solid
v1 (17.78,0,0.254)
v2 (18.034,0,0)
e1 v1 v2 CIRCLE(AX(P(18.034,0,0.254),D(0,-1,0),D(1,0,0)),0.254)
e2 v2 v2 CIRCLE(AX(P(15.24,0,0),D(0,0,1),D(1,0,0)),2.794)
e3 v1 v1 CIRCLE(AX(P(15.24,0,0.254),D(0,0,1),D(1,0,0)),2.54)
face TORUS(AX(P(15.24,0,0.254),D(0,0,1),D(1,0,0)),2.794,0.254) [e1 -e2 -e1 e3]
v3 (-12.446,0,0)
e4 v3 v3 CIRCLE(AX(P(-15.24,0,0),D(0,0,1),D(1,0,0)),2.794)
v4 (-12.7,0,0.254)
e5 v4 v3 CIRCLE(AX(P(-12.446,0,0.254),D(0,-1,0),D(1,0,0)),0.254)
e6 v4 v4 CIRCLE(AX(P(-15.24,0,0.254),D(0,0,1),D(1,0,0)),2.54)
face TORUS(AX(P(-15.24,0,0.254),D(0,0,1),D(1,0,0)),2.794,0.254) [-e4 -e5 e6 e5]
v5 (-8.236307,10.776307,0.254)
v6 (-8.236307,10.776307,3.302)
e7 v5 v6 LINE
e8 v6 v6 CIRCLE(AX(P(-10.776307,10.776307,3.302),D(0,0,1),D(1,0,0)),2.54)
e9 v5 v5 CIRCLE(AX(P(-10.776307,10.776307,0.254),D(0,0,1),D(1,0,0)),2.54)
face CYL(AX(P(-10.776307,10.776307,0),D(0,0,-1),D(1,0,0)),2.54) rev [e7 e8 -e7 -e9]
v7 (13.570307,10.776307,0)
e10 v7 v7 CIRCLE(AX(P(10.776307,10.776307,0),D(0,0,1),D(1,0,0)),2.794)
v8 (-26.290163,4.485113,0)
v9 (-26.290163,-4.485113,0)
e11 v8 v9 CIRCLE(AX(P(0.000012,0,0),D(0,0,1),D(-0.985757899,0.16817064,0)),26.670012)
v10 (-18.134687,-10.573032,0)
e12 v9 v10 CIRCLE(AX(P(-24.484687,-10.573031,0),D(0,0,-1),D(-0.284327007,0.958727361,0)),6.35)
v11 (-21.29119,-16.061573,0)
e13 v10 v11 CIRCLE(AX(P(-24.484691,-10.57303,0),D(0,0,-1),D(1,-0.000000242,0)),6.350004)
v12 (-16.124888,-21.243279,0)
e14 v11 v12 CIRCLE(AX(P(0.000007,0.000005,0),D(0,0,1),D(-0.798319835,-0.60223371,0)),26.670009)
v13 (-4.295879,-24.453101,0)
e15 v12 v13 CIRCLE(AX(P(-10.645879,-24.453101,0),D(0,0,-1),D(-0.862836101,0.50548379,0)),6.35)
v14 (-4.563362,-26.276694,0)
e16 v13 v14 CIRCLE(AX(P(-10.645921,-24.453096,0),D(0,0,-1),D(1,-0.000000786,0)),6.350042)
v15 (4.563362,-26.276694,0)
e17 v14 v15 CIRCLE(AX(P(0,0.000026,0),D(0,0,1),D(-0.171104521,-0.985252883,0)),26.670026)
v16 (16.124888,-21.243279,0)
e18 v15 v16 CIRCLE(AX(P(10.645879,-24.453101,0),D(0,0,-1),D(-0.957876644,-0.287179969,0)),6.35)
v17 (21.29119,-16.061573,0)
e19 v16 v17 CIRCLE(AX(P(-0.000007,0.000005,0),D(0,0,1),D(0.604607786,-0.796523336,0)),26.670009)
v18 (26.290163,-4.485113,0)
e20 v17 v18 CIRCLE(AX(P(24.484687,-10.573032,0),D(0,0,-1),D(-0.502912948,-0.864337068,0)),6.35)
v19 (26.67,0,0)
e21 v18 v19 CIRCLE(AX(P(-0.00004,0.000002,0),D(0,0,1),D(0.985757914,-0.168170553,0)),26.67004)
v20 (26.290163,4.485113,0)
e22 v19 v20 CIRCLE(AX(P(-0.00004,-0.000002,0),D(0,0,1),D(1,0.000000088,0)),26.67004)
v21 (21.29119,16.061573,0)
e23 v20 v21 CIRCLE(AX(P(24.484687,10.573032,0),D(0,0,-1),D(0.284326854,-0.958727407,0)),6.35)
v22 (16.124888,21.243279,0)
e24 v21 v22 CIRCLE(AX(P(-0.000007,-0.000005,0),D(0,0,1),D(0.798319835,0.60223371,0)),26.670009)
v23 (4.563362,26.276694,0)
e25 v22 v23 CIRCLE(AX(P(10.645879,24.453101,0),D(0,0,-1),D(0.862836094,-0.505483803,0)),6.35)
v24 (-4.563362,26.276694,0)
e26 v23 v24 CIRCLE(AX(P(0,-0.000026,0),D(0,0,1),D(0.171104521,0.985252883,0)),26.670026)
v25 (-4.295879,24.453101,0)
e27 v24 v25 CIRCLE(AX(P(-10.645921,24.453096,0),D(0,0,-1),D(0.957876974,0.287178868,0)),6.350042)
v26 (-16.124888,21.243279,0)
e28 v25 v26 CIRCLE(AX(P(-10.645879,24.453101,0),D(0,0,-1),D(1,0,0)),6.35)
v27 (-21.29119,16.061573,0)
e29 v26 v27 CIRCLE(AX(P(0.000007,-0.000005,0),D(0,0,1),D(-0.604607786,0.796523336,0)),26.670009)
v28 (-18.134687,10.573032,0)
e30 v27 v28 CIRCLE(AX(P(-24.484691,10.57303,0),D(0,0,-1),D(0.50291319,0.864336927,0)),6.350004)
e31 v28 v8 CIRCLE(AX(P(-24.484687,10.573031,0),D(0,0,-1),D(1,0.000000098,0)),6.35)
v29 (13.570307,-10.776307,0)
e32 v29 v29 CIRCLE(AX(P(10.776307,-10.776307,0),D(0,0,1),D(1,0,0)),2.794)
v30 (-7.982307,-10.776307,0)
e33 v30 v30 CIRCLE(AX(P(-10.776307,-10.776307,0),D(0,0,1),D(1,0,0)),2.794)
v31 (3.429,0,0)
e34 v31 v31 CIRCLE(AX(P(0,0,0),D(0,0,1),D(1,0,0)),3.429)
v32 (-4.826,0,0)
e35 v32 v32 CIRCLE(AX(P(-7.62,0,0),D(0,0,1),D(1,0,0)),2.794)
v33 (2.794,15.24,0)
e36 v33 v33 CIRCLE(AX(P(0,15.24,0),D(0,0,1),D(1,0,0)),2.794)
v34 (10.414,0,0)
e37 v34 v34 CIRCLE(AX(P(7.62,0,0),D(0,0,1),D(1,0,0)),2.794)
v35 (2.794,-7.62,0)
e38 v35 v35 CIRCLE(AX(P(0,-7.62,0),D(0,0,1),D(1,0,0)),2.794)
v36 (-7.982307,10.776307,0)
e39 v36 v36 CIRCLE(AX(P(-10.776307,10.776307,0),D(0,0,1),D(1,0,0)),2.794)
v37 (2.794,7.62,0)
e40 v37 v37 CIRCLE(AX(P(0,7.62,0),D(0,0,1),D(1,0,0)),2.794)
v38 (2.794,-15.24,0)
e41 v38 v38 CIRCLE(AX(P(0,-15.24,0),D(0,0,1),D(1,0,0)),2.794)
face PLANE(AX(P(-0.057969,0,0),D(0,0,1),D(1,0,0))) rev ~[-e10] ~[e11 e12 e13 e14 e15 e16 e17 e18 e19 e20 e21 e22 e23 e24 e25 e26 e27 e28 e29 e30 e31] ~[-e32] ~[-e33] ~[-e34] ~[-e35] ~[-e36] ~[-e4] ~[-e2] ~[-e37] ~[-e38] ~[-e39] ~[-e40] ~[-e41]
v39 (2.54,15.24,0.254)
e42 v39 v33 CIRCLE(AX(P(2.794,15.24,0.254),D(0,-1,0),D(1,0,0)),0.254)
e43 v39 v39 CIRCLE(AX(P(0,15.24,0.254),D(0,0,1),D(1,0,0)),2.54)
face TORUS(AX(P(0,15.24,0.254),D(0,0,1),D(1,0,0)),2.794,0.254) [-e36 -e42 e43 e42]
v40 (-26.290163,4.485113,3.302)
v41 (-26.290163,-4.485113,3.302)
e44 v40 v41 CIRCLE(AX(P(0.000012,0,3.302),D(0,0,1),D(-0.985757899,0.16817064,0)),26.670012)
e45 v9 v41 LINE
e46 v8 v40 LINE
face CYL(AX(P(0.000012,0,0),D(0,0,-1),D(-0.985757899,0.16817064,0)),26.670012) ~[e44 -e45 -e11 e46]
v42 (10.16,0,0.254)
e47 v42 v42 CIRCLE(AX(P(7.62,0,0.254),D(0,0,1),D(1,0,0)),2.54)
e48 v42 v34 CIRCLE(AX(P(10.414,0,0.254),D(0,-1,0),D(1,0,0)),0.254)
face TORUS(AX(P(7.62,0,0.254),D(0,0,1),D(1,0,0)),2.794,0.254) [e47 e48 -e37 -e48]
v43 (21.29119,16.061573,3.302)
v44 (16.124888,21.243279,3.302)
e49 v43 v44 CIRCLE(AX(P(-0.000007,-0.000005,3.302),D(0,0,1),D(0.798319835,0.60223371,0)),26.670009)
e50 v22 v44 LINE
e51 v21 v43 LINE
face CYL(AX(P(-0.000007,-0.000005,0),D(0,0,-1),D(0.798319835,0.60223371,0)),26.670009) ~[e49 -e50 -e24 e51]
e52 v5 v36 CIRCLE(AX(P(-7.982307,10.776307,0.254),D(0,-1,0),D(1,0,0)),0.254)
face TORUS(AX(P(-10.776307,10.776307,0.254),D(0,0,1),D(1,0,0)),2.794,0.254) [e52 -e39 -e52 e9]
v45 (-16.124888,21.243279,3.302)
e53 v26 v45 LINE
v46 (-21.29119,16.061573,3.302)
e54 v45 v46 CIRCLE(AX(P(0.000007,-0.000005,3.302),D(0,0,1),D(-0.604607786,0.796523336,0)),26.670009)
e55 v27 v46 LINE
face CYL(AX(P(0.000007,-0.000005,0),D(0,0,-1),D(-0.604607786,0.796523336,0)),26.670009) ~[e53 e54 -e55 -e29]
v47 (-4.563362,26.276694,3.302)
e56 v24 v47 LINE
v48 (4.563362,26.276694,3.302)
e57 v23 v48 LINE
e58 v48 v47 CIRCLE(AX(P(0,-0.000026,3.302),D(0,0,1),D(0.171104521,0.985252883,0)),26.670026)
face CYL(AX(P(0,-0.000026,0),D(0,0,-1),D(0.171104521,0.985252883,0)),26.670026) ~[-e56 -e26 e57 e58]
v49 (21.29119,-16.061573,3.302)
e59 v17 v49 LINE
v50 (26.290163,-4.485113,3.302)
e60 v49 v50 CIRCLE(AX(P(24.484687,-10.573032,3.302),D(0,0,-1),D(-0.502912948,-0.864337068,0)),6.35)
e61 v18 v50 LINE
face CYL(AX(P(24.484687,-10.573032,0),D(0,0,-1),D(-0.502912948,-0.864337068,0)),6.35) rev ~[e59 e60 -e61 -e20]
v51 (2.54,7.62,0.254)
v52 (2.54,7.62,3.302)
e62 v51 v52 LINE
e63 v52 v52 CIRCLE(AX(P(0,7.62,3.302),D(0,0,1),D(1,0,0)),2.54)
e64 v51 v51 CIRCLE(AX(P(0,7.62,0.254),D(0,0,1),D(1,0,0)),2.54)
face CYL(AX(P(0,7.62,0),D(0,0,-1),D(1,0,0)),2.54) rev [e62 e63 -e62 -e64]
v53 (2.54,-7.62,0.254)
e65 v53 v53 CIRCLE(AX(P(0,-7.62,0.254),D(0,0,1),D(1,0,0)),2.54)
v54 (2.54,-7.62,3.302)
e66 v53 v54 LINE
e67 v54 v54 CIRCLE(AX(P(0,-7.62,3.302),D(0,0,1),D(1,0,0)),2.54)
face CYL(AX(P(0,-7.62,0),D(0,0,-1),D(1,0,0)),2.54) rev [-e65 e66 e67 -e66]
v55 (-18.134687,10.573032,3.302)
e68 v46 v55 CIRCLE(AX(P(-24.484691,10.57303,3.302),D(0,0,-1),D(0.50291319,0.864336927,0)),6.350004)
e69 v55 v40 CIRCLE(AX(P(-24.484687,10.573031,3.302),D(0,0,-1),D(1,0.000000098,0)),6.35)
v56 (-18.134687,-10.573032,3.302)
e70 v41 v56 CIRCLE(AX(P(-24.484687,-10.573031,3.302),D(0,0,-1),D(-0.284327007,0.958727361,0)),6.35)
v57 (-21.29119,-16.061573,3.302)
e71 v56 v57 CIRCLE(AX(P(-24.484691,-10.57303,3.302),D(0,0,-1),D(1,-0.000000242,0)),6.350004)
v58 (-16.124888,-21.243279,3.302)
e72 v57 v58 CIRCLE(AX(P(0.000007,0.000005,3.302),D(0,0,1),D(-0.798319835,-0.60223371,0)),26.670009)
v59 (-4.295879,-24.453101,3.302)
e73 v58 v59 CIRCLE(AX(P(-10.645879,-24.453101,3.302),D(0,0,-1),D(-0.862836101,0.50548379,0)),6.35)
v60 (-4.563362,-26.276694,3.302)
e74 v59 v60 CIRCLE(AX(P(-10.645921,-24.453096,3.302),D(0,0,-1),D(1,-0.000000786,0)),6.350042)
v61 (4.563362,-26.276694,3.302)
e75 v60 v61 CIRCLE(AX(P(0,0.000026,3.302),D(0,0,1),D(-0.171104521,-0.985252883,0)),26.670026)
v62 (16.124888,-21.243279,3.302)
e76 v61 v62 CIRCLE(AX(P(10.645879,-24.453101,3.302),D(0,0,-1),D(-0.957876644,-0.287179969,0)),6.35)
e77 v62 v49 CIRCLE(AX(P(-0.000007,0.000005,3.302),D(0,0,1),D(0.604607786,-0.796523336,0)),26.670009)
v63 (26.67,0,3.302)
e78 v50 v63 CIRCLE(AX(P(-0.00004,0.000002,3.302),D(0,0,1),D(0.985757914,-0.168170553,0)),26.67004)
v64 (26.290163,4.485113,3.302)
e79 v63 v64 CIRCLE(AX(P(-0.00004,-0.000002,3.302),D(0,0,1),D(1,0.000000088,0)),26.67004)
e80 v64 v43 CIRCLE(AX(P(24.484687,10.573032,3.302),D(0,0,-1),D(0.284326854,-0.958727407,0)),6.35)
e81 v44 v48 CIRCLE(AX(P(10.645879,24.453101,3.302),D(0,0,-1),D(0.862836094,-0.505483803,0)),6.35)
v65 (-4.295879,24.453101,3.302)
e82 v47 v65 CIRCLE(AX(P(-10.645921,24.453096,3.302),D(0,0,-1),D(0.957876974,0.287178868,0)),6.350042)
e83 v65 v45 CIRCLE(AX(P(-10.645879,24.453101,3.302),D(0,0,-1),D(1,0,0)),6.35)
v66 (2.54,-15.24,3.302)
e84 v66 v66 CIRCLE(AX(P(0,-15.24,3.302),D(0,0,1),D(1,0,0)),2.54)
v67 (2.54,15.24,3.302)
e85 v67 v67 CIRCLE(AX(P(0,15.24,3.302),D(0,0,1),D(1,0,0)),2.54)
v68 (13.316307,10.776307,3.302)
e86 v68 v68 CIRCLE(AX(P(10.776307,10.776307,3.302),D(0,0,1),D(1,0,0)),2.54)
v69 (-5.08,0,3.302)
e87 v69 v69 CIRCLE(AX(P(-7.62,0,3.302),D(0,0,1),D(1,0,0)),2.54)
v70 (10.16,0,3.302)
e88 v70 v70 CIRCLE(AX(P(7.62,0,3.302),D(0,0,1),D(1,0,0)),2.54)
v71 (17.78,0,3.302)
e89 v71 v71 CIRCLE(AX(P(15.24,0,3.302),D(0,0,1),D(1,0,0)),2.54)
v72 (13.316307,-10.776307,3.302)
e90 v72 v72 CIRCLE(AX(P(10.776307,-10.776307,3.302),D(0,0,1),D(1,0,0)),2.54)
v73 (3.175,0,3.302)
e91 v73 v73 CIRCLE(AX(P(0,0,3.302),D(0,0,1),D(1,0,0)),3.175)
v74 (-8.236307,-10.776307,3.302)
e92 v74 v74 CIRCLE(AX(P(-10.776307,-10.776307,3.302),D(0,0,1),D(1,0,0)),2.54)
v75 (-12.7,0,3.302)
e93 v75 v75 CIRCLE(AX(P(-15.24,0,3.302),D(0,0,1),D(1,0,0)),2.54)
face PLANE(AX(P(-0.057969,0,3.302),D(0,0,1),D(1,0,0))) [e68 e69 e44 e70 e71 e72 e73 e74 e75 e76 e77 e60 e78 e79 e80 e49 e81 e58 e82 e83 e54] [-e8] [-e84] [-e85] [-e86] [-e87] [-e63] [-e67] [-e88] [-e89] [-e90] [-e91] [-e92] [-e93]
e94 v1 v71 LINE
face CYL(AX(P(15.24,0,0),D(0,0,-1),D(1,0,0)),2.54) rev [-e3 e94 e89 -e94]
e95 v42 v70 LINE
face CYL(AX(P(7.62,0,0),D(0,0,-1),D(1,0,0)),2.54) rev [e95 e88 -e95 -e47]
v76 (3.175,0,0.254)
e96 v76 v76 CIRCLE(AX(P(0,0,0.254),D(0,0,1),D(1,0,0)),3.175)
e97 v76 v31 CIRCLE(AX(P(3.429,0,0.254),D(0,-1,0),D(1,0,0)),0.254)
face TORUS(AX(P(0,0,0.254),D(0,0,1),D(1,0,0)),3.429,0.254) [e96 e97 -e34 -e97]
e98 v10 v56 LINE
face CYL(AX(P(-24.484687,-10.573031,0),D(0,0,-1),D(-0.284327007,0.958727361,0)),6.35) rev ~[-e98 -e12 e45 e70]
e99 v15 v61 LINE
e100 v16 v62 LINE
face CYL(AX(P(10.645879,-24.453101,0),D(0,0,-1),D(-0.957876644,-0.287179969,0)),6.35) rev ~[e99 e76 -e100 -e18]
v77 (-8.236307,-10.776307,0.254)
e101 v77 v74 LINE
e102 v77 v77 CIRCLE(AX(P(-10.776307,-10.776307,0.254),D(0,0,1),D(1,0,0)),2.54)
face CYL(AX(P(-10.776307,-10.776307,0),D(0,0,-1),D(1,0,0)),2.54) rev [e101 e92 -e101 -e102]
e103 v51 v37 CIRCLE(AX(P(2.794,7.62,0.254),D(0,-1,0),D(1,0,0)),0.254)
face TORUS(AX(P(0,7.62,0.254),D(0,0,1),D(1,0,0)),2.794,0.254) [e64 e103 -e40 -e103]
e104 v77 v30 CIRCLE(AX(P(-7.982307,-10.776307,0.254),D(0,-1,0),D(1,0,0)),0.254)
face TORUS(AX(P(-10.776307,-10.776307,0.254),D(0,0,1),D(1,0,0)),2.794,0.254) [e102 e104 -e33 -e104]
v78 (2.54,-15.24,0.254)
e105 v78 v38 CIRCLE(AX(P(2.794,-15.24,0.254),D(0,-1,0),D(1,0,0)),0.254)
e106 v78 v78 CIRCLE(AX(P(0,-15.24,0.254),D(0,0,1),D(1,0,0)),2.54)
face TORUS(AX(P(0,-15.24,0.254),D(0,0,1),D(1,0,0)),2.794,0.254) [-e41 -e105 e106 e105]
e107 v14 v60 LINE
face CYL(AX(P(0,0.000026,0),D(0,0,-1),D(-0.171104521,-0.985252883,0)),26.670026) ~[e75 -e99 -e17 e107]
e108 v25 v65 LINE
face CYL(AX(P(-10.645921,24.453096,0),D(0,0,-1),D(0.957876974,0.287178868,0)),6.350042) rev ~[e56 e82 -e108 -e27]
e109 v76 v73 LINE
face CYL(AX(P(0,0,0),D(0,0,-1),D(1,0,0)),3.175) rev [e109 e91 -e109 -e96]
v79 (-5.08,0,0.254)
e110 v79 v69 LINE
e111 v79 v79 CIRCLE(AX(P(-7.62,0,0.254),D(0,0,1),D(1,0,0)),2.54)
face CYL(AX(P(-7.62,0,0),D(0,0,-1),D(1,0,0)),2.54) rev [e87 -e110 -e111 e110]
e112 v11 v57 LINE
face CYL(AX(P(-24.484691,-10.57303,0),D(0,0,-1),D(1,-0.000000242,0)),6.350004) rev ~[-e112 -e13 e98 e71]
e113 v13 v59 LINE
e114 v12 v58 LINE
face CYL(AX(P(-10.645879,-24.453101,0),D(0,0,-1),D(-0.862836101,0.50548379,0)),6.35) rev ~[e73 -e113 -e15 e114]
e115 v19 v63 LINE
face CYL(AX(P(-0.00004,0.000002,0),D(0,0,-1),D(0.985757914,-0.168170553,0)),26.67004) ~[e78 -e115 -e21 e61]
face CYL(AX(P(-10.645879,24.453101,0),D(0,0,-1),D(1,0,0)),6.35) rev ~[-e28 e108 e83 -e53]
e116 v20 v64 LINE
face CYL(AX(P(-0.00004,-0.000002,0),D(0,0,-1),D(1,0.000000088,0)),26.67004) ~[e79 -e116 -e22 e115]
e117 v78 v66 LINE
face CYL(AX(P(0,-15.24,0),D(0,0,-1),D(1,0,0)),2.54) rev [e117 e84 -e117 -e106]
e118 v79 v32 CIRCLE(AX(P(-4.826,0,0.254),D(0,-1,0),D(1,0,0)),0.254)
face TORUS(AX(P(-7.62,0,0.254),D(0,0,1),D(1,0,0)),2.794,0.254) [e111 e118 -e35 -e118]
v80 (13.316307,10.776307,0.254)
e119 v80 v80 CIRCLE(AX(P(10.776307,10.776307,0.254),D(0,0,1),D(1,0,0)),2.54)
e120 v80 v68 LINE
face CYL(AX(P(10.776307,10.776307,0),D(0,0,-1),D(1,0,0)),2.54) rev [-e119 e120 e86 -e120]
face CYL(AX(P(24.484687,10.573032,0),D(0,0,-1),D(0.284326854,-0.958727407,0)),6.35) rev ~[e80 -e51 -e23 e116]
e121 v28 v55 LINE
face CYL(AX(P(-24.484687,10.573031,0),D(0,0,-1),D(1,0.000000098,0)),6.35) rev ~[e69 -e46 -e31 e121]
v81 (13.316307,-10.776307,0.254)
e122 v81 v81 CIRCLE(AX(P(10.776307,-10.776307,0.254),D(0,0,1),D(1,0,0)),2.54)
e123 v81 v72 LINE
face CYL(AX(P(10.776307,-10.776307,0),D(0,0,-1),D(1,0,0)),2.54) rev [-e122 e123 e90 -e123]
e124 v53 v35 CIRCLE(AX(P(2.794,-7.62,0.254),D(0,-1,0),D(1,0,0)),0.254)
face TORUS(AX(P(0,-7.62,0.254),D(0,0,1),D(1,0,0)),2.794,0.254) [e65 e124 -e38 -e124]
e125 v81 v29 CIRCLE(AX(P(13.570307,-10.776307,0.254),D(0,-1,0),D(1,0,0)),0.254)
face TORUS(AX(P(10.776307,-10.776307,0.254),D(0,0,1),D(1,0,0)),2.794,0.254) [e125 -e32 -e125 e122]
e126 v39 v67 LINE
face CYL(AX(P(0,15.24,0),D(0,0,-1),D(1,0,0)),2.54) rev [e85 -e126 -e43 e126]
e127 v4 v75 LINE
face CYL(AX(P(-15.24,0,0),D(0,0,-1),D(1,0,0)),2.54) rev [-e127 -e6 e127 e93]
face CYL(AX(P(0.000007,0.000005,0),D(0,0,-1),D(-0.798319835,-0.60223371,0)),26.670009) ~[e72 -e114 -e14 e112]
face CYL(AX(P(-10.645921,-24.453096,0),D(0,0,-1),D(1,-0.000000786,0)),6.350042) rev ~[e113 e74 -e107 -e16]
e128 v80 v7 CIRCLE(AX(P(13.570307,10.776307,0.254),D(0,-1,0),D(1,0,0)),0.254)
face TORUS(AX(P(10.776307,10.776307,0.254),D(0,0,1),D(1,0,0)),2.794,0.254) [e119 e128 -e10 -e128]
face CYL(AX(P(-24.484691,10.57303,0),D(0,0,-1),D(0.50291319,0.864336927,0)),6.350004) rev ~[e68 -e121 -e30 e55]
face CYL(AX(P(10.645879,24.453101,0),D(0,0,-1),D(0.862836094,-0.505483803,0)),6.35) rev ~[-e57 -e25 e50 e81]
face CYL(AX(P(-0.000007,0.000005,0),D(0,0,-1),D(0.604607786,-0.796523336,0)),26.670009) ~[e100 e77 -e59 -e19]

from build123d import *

# Parameters (mm, degrees)
F0_R     = 2.54
F0_R_2   = 3.175
F1_DEPTH = 3.302
F2_R     = 0.254


with BuildPart() as f1:
    # F0 (on Top) → F1 (new body)
    with BuildSketch(Plane.XY):
        with BuildLine():
            ThreePointArc((26.290163, -4.485113), (26.574871, -2.250584), (26.67, 0))
            ThreePointArc((26.67, 0), (26.574871, 2.250584), (26.290163, 4.485113))
            ThreePointArc((26.290163, 4.485113), (18.655, 8.055643), (21.29119, 16.061573))
            ThreePointArc((21.29119, 16.061573), (18.886589, 18.830445), (16.124888, 21.243279))
            ThreePointArc((16.124888, 21.243279), (8.111146, 18.630934), (4.563362, 26.276694))
            ThreePointArc((4.563362, 26.276694), (0, 26.67), (-4.563362, 26.276694))
            ThreePointArc((-4.563362, 26.276694), (-4.363106, 25.374654), (-4.295879, 24.453101))
            ThreePointArc((-4.295879, 24.453101), (-8.982931, 18.324716), (-16.124888, 21.243279))
            ThreePointArc((-16.124888, 21.243279), (-18.886589, 18.830445), (-21.29119, 16.061573))
            ThreePointArc((-21.29119, 16.061573), (-18.980089, 13.73877), (-18.134687, 10.573032))
            ThreePointArc((-18.134687, 10.573032), (-20.686152, 5.484453), (-26.290163, 4.485113))
            ThreePointArc((-26.290163, 4.485113), (-26.67, 0), (-26.290163, -4.485113))
            ThreePointArc((-26.290163, -4.485113), (-20.686152, -5.484453), (-18.134687, -10.573032))
            ThreePointArc((-18.134687, -10.573032), (-18.980089, -13.73877), (-21.29119, -16.061573))
            ThreePointArc((-21.29119, -16.061573), (-18.886589, -18.830445), (-16.124888, -21.243279))
            ThreePointArc((-16.124888, -21.243279), (-8.982931, -18.324716), (-4.295879, -24.453101))
            ThreePointArc((-4.295879, -24.453101), (-4.363106, -25.374654), (-4.563362, -26.276694))
            ThreePointArc((-4.563362, -26.276694), (0, -26.67), (4.563362, -26.276694))
            ThreePointArc((4.563362, -26.276694), (8.111146, -18.630934), (16.124888, -21.243279))
            ThreePointArc((16.124888, -21.243279), (18.886589, -18.830445), (21.29119, -16.061573))
            ThreePointArc((21.29119, -16.061573), (18.655, -8.055643), (26.290163, -4.485113))
        make_face()
        with Locations((-10.776307, -10.776307)):
            Circle(F0_R, mode=Mode.SUBTRACT)
        with Locations((0, -15.24)):
            Circle(F0_R, mode=Mode.SUBTRACT)
        with Locations((0, -7.62)):
            Circle(F0_R, mode=Mode.SUBTRACT)
        with Locations((10.776307, -10.776307)):
            Circle(F0_R, mode=Mode.SUBTRACT)
        with Locations((-15.24, 0)):
            Circle(F0_R, mode=Mode.SUBTRACT)
        with Locations((-7.62, 0)):
            Circle(F0_R, mode=Mode.SUBTRACT)
        Circle(F0_R_2, mode=Mode.SUBTRACT)
        with Locations((0, 7.62)):
            Circle(F0_R, mode=Mode.SUBTRACT)
        with Locations((-10.776307, 10.776307)):
            Circle(F0_R, mode=Mode.SUBTRACT)
        with Locations((0, 15.24)):
            Circle(F0_R, mode=Mode.SUBTRACT)
        with Locations((7.62, 0)):
            Circle(F0_R, mode=Mode.SUBTRACT)
        with Locations((15.24, 0)):
            Circle(F0_R, mode=Mode.SUBTRACT)
        with Locations((10.776307, 10.776307)):
            Circle(F0_R, mode=Mode.SUBTRACT)
    extrude(amount=F1_DEPTH)

    # F2
    f2_edges = [f1.edges().sort_by_distance(p)[0] for p in [
        (-17.78, 0, 0),
        (-13.316307, 10.776307, 0),
        (-10.16, 0, 0),
        (-13.316307, -10.776307, 0),
        (-2.54, -7.62, 0),
        (-2.54, -15.24, 0),
        (8.236307, -10.776307, 0),
        (5.08, 0, 0),
        (-2.54, 7.62, 0),
        (-3.175, 0, 0),
        (8.236307, 10.776307, 0),
        (-2.54, 15.24, 0),
        (12.7, 0, 0),
    ]]
    fillet(f2_edges, radius=F2_R)


solid = f1.part
